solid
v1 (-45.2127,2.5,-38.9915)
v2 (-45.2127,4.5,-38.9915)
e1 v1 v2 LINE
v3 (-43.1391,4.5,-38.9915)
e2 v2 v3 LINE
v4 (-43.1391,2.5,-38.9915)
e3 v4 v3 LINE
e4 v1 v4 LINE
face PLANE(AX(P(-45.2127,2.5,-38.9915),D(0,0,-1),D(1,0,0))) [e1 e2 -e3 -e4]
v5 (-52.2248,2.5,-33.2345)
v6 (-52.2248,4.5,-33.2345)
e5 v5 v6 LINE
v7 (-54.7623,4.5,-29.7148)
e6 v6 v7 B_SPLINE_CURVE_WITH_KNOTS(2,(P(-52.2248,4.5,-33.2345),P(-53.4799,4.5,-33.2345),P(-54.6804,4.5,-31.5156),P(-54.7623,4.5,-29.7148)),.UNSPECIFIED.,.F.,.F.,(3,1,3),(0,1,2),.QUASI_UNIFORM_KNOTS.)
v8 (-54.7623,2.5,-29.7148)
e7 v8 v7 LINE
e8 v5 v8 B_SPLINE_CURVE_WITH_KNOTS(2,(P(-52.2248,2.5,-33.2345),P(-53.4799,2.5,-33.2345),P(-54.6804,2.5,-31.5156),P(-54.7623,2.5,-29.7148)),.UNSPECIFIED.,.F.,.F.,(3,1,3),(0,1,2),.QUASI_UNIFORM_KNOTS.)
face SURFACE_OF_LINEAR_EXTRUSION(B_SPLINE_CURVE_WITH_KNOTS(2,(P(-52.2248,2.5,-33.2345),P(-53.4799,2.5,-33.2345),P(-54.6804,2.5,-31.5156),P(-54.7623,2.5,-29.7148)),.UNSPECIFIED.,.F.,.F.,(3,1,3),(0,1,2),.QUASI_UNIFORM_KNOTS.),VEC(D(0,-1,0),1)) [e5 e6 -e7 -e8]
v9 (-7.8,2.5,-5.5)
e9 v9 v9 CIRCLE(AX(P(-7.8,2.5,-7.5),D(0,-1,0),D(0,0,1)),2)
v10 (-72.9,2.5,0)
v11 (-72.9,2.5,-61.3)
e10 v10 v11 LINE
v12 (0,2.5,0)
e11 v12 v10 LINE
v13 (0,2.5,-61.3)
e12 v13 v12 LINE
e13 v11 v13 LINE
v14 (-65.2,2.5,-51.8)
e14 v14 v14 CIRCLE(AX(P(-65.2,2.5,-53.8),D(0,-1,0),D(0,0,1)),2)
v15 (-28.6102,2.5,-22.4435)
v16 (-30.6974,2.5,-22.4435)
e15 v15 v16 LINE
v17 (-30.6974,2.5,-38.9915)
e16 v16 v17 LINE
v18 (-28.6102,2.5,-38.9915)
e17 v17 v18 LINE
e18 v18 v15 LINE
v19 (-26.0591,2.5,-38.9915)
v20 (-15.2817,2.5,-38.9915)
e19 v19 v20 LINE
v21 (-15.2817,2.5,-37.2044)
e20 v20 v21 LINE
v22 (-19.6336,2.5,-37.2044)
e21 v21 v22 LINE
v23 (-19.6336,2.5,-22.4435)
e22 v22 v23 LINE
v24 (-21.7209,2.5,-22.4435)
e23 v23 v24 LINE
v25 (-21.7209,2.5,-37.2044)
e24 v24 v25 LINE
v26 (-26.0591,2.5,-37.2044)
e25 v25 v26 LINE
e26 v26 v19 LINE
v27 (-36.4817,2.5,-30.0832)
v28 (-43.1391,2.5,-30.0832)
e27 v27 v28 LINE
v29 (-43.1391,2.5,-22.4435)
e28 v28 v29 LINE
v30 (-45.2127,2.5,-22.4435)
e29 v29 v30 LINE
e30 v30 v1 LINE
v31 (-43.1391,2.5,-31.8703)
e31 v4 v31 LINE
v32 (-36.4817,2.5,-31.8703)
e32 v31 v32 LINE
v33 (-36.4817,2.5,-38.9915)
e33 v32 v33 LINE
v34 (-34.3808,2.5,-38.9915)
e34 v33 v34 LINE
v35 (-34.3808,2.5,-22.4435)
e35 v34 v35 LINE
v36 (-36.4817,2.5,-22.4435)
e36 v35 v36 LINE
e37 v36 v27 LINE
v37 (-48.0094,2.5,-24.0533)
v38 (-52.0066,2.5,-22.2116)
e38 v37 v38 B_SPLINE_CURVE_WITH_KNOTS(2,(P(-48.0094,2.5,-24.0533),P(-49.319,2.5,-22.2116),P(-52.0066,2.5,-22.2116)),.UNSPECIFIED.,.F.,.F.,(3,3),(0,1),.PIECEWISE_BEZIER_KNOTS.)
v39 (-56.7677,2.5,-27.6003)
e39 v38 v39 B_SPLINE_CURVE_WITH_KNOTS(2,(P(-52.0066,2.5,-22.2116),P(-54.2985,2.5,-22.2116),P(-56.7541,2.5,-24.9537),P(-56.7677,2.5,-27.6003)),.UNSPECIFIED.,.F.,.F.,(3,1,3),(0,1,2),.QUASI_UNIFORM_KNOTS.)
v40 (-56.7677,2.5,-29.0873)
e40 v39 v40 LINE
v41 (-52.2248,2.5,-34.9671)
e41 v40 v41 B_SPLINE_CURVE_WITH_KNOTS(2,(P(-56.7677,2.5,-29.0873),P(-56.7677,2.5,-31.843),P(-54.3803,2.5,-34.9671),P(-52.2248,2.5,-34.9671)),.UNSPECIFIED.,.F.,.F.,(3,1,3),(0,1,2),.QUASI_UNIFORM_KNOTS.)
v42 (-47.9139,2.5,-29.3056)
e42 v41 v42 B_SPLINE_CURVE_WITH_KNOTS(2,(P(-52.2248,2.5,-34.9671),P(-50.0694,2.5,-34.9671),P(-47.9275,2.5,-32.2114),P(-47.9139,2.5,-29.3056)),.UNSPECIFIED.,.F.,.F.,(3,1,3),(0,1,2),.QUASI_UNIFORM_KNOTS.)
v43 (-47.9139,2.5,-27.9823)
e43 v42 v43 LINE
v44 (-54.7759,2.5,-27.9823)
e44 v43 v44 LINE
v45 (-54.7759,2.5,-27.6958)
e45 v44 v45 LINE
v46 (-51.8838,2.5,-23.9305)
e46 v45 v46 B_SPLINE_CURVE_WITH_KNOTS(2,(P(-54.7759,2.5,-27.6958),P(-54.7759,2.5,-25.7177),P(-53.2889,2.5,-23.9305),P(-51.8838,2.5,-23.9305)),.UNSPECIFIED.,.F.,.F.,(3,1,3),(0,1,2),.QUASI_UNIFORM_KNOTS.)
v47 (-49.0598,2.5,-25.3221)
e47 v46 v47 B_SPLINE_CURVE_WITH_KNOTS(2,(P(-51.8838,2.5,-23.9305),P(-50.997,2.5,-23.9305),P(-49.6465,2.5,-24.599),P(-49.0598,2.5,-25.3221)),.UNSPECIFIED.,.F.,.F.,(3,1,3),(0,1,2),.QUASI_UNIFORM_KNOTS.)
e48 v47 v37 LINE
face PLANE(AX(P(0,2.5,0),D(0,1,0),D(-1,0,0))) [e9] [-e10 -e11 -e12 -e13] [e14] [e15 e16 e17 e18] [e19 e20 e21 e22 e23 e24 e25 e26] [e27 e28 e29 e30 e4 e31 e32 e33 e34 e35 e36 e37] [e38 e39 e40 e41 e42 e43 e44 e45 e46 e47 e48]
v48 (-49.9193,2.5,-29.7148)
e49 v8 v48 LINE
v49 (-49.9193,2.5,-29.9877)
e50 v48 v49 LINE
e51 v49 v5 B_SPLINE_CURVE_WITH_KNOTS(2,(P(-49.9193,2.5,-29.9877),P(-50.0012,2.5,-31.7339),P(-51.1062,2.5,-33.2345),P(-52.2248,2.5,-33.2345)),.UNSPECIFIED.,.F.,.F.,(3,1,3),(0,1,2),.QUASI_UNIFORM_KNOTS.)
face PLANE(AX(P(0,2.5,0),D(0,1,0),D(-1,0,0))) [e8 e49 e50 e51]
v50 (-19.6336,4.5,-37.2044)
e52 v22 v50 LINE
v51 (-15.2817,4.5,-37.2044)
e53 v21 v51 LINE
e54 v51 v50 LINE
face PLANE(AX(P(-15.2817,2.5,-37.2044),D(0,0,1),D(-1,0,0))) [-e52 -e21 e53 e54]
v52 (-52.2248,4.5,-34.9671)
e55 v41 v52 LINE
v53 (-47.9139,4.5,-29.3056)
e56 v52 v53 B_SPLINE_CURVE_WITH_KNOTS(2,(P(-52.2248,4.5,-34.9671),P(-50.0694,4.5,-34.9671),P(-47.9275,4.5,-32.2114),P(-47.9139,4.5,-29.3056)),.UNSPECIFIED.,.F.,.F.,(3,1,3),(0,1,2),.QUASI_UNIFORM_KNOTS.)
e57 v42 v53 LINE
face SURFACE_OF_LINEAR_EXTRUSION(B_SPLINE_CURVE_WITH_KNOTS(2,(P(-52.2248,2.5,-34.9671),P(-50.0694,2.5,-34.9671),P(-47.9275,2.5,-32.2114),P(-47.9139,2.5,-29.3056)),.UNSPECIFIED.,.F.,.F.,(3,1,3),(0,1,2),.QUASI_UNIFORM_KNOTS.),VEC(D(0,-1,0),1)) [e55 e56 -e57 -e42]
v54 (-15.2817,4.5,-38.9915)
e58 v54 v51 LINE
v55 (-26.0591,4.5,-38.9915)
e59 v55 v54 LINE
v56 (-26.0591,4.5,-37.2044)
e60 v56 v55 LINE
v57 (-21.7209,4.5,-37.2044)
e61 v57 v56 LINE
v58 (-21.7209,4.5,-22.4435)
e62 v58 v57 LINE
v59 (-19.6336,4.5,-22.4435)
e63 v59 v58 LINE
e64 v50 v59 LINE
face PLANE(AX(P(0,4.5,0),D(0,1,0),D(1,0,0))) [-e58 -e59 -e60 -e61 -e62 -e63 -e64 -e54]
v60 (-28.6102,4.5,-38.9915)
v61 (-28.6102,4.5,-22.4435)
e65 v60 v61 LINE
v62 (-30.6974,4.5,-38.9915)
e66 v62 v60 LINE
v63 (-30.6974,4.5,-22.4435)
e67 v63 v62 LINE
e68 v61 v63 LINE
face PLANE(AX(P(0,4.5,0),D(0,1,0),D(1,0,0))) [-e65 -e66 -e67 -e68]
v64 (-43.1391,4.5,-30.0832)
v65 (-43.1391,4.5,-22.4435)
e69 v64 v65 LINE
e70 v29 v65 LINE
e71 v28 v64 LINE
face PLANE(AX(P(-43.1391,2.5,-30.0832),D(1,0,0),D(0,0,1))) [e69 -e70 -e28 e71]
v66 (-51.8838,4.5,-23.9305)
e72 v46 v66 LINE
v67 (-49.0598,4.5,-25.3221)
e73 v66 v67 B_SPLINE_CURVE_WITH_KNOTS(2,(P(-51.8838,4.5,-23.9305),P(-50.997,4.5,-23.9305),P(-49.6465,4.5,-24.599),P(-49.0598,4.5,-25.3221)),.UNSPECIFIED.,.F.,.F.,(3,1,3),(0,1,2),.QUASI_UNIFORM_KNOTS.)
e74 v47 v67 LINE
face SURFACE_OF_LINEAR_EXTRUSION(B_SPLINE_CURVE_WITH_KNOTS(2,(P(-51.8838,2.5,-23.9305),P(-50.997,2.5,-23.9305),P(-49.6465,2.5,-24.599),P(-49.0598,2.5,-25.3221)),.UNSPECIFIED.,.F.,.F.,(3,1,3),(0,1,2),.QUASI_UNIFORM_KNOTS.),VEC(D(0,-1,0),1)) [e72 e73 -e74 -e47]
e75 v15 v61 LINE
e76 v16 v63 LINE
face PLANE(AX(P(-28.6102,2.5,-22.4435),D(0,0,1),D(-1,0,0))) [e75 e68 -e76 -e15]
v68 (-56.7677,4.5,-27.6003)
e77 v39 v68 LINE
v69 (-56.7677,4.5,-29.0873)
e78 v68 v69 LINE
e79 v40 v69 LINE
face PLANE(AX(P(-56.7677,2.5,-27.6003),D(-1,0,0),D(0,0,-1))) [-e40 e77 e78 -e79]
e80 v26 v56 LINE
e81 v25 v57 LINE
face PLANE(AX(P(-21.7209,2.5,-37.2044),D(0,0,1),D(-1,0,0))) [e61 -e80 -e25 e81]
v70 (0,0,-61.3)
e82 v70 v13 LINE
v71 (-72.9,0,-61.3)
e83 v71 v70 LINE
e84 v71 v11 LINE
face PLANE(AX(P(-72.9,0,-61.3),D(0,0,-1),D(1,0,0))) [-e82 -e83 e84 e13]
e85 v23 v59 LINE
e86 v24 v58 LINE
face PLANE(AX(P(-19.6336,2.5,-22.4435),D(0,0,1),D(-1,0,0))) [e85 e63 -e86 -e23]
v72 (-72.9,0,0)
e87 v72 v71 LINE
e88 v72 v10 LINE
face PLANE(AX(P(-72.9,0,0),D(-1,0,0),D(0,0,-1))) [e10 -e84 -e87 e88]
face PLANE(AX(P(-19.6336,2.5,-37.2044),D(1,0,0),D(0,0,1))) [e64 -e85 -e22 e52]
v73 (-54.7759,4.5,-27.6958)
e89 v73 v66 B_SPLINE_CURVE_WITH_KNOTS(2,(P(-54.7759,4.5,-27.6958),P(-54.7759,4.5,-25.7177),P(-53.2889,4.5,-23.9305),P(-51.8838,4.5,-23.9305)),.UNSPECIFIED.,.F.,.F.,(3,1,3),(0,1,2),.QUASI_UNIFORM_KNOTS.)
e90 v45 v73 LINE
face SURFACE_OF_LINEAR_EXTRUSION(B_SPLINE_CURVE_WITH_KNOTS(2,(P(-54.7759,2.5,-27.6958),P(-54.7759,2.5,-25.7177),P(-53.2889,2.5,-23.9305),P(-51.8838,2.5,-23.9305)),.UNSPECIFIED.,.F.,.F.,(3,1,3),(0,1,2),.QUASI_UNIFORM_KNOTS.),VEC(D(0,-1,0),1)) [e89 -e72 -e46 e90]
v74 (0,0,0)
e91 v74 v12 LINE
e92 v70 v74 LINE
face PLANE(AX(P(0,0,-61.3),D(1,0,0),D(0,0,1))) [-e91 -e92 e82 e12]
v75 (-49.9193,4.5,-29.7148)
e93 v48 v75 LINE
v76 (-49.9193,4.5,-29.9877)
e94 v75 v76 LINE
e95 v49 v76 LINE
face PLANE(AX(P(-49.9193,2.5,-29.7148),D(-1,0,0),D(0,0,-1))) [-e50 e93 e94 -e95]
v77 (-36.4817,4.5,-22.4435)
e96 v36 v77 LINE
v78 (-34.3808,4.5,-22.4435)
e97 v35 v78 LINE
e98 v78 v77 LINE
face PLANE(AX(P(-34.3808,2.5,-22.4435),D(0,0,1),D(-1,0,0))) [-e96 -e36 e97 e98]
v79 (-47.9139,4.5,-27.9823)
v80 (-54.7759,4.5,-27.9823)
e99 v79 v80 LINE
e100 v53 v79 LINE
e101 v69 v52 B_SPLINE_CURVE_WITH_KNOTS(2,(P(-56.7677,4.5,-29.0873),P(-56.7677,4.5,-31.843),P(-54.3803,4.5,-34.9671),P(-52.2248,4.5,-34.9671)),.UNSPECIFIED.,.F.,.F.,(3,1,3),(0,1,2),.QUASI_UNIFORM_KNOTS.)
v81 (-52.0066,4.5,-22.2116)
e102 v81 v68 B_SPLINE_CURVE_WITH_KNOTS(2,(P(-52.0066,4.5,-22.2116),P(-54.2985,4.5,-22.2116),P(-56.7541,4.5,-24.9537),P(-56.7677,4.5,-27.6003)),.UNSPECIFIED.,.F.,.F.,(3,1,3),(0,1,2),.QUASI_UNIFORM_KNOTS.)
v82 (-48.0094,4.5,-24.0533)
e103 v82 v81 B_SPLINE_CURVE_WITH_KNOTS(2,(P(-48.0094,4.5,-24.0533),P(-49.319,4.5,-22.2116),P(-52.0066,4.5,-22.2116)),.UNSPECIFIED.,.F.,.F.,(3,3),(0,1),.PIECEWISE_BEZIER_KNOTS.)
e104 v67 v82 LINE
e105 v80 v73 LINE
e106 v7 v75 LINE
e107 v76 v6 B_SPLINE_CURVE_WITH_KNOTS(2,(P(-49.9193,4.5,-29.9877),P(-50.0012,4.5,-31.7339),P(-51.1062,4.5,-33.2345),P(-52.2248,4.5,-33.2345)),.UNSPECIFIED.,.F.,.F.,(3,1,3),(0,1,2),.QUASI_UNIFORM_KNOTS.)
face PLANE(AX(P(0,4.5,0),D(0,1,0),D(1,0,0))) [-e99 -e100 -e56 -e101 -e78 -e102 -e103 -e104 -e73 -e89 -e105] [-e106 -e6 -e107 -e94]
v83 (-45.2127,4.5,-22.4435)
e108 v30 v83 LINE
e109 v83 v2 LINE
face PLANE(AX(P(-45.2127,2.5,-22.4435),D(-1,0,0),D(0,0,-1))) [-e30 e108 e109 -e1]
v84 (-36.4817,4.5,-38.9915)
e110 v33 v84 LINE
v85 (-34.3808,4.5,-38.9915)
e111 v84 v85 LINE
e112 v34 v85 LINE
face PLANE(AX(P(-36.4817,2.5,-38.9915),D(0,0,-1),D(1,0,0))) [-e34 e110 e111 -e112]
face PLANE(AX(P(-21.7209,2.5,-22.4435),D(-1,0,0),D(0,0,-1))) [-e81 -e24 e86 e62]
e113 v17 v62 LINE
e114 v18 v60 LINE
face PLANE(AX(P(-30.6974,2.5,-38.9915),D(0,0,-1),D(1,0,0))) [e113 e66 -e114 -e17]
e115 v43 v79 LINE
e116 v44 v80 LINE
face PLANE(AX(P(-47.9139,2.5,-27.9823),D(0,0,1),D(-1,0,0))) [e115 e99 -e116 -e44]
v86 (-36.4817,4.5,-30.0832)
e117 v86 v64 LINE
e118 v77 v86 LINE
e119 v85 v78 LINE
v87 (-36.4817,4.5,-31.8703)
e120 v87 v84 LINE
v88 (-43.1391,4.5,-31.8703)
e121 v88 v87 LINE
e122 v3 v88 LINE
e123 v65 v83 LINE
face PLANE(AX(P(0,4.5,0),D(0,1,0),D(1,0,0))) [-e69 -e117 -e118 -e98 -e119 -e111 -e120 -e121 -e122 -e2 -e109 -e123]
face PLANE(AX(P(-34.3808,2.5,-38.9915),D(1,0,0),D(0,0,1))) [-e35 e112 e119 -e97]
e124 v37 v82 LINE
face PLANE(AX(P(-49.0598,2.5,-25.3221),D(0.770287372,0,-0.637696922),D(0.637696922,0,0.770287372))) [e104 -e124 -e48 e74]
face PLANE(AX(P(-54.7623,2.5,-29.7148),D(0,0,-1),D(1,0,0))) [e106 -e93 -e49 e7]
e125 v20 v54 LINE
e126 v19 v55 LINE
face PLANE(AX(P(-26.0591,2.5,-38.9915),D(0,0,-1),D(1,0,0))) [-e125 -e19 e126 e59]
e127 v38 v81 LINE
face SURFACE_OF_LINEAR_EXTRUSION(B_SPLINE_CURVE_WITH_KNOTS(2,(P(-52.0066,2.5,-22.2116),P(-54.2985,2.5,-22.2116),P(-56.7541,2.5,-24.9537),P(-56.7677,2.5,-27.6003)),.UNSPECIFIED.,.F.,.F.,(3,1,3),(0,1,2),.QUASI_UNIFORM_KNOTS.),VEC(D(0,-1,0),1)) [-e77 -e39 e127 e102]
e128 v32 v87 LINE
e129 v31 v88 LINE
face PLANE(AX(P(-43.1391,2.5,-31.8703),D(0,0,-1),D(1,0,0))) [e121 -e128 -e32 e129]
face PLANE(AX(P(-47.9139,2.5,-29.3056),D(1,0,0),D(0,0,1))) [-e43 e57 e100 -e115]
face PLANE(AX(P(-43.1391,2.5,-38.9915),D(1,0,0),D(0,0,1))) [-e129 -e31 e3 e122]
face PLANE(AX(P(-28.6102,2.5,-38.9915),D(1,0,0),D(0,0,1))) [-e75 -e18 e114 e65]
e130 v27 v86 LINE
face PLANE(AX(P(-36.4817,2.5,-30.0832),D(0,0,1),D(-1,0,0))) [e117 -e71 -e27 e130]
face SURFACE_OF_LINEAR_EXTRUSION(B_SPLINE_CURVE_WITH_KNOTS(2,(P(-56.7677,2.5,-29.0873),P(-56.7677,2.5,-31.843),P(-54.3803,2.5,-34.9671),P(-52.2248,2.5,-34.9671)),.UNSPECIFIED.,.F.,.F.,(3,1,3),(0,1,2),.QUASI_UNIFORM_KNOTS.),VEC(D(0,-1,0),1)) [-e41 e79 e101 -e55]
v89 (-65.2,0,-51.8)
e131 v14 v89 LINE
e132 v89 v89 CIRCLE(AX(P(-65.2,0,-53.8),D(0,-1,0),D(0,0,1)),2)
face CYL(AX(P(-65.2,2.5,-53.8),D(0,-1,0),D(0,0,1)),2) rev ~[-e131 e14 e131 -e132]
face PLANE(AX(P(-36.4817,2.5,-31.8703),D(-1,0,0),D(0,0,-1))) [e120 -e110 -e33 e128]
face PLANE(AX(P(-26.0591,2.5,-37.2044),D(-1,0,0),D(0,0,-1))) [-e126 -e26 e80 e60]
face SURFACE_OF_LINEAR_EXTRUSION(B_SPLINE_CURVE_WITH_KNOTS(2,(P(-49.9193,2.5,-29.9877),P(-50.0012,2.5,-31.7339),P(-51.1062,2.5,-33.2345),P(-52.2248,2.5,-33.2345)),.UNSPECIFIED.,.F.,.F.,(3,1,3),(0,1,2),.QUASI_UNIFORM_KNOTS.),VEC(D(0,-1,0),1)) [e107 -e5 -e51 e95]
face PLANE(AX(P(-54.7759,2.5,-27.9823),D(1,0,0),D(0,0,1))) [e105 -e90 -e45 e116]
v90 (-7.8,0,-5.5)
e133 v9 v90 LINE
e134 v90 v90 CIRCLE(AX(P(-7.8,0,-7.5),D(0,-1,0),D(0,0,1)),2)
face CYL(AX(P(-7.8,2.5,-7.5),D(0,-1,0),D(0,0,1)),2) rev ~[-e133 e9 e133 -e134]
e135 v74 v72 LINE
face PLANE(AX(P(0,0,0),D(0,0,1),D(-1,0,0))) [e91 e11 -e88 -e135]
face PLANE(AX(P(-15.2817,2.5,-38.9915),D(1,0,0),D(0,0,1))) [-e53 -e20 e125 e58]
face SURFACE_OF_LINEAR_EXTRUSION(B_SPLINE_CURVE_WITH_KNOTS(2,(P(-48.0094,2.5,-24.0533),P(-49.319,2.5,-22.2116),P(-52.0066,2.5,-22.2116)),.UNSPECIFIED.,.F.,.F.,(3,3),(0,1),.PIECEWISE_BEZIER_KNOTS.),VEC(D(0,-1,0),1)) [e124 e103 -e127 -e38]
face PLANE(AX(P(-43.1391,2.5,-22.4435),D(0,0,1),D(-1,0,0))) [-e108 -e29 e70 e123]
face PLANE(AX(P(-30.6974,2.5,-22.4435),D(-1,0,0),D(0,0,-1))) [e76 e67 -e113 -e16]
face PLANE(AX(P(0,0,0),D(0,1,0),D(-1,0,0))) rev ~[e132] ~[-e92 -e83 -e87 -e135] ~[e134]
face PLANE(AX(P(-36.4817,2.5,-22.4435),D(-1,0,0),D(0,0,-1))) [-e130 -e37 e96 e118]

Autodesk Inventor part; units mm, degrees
ref_plane "YZ Plane" through (0, 0, 0) normal (1, 0, 0) x (0, 1, 0)
ref_plane "XZ Plane" through (0, 0, 0) normal (0, 1, 0) x (-1, 0, 0)
ref_plane "XY Plane" through (0, 0, 0) normal (0, 0, 1) x (1, 0, 0)
sketch "Sketch1" plane through (0, 0, 0) normal (0, 1, 0) x (-1, 0, 0)
  line L0 (0, 0) -> (72.9, 0)
  line L1 (72.9, 0) -> (72.9, -61.3)
  line L2 (72.9, -61.3) -> (0, -61.3)
  line L3 (0, -61.3) -> (0, 0)
  dimension "d0" = 72.9
  dimension "d1" = 61.3
extrude "Extrusion1" add sketch "Sketch1" along normal blind 2.5
sketch "Sketch2" plane through (0, 2.5, 0) normal (0, 1, 0) x (1, 0, 0)
  line L0 (-72.9, 0) -> (0, 0) projected
  line L1 (-72.9, 61.3) -> (-72.9, 0) projected
  line L2 (0, 61.3) -> (-72.9, 61.3) projected
  line L3 (0, 0) -> (0, 61.3) projected
  point P0 (-65.2, 53.8)
  point P1 (-7.8, 7.5)
  dimension "d6" = 7.7
  dimension "d7" = 7.5
  dimension "d8" = 7.5
  dimension "d9" = 7.8
hole "Hole1" at (-65.2, 2.5, -53.8) at (-7.8, 2.5, -7.5) direction (0, -1, 0) diameter 4 end through all
sketch "Sketch3" plane through (0, 2.5, 0) normal (0, 1, 0) x (1, 0, 0)
  line L0 (-57.9, 38.9915) -> (-15.0143, 38.9915) construction
  line L1 (-15.0143, 38.9915) -> (-15.0143, 22.3) construction
  line L2 (-15.0143, 22.3) -> (-57.9, 22.3) construction
  line L3 (-57.9, 22.3) -> (-57.9, 38.9915) construction
  line L4 (-72.9, 61.3) -> (-72.9, 0) projected
  line L5 (-72.9, 0) -> (0, 0) projected
  spline S0 degree 2 poles (-52.0066, 22.2116) (-54.2985, 22.2116) (-56.7541, 24.9537) (-56.7677, 27.6003) knots 0 0 0 1 2 2 2
  line L6 (-56.7677, 27.6003) -> (-56.7677, 29.0873)
  spline S1 degree 2 poles (-56.7677, 29.0873) (-56.7677, 31.843) (-54.3803, 34.9671) (-52.2248, 34.9671) knots 0 0 0 1 2 2 2
  spline S2 degree 2 poles (-52.2248, 34.9671) (-50.0694, 34.9671) (-47.9275, 32.2114) (-47.9139, 29.3056) knots 0 0 0 1 2 2 2
  line L7 (-47.9139, 29.3056) -> (-47.9139, 27.9823)
  line L8 (-47.9139, 27.9823) -> (-54.7759, 27.9823)
  line L9 (-54.7759, 27.9823) -> (-54.7759, 27.6958)
  spline S3 degree 2 poles (-54.7759, 27.6958) (-54.7759, 25.7177) (-53.2889, 23.9305) (-51.8838, 23.9305) knots 0 0 0 1 2 2 2
  spline S4 degree 2 poles (-51.8838, 23.9305) (-50.997, 23.9305) (-49.6465, 24.599) (-49.0598, 25.3221) knots 0 0 0 1 2 2 2
  line L10 (-49.0598, 25.3221) -> (-48.0094, 24.0533)
  spline S5 degree 2 poles (-48.0094, 24.0533) (-49.319, 22.2116) (-52.0066, 22.2116) knots 0 0 0 1 1 1
  spline S6 degree 2 poles (-52.2248, 33.2345) (-53.4799, 33.2345) (-54.6804, 31.5156) (-54.7623, 29.7148) knots 0 0 0 1 2 2 2
  line L11 (-54.7623, 29.7148) -> (-49.9193, 29.7148)
  line L12 (-49.9193, 29.7148) -> (-49.9193, 29.9877)
  spline S7 degree 2 poles (-49.9193, 29.9877) (-50.0012, 31.7339) (-51.1062, 33.2345) (-52.2248, 33.2345) knots 0 0 0 1 2 2 2
  line L13 (-34.3808, 22.4435) -> (-36.4817, 22.4435)
  line L14 (-36.4817, 22.4435) -> (-36.4817, 30.0832)
  line L15 (-36.4817, 30.0832) -> (-43.1391, 30.0832)
  line L16 (-43.1391, 30.0832) -> (-43.1391, 22.4435)
  line L17 (-43.1391, 22.4435) -> (-45.2127, 22.4435)
  line L18 (-45.2127, 22.4435) -> (-45.2127, 38.9915)
  line L19 (-45.2127, 38.9915) -> (-43.1391, 38.9915)
  line L20 (-43.1391, 38.9915) -> (-43.1391, 31.8703)
  line L21 (-43.1391, 31.8703) -> (-36.4817, 31.8703)
  line L22 (-36.4817, 31.8703) -> (-36.4817, 38.9915)
  line L23 (-36.4817, 38.9915) -> (-34.3808, 38.9915)
  line L24 (-34.3808, 38.9915) -> (-34.3808, 22.4435)
  line L25 (-28.6102, 22.4435) -> (-30.6974, 22.4435)
  line L26 (-30.6974, 22.4435) -> (-30.6974, 38.9915)
  line L27 (-30.6974, 38.9915) -> (-28.6102, 38.9915)
  line L28 (-28.6102, 38.9915) -> (-28.6102, 22.4435)
  line L29 (-15.2817, 37.2044) -> (-19.6336, 37.2044)
  line L30 (-19.6336, 37.2044) -> (-19.6336, 22.4435)
  line L31 (-19.6336, 22.4435) -> (-21.7209, 22.4435)
  line L32 (-21.7209, 22.4435) -> (-21.7209, 37.2044)
  line L33 (-21.7209, 37.2044) -> (-26.0591, 37.2044)
  line L34 (-26.0591, 37.2044) -> (-26.0591, 38.9915)
  line L35 (-26.0591, 38.9915) -> (-15.2817, 38.9915)
  line L36 (-15.2817, 38.9915) -> (-15.2817, 37.2044)
  dimension "d17" = 42.8857
  dimension "d18" = 15
  dimension "d19" = 16.6915
  dimension "d20" = 22.3
extrude "Extrusion2" add sketch "Sketch3" along normal blind 2
properties part number "Lid"
